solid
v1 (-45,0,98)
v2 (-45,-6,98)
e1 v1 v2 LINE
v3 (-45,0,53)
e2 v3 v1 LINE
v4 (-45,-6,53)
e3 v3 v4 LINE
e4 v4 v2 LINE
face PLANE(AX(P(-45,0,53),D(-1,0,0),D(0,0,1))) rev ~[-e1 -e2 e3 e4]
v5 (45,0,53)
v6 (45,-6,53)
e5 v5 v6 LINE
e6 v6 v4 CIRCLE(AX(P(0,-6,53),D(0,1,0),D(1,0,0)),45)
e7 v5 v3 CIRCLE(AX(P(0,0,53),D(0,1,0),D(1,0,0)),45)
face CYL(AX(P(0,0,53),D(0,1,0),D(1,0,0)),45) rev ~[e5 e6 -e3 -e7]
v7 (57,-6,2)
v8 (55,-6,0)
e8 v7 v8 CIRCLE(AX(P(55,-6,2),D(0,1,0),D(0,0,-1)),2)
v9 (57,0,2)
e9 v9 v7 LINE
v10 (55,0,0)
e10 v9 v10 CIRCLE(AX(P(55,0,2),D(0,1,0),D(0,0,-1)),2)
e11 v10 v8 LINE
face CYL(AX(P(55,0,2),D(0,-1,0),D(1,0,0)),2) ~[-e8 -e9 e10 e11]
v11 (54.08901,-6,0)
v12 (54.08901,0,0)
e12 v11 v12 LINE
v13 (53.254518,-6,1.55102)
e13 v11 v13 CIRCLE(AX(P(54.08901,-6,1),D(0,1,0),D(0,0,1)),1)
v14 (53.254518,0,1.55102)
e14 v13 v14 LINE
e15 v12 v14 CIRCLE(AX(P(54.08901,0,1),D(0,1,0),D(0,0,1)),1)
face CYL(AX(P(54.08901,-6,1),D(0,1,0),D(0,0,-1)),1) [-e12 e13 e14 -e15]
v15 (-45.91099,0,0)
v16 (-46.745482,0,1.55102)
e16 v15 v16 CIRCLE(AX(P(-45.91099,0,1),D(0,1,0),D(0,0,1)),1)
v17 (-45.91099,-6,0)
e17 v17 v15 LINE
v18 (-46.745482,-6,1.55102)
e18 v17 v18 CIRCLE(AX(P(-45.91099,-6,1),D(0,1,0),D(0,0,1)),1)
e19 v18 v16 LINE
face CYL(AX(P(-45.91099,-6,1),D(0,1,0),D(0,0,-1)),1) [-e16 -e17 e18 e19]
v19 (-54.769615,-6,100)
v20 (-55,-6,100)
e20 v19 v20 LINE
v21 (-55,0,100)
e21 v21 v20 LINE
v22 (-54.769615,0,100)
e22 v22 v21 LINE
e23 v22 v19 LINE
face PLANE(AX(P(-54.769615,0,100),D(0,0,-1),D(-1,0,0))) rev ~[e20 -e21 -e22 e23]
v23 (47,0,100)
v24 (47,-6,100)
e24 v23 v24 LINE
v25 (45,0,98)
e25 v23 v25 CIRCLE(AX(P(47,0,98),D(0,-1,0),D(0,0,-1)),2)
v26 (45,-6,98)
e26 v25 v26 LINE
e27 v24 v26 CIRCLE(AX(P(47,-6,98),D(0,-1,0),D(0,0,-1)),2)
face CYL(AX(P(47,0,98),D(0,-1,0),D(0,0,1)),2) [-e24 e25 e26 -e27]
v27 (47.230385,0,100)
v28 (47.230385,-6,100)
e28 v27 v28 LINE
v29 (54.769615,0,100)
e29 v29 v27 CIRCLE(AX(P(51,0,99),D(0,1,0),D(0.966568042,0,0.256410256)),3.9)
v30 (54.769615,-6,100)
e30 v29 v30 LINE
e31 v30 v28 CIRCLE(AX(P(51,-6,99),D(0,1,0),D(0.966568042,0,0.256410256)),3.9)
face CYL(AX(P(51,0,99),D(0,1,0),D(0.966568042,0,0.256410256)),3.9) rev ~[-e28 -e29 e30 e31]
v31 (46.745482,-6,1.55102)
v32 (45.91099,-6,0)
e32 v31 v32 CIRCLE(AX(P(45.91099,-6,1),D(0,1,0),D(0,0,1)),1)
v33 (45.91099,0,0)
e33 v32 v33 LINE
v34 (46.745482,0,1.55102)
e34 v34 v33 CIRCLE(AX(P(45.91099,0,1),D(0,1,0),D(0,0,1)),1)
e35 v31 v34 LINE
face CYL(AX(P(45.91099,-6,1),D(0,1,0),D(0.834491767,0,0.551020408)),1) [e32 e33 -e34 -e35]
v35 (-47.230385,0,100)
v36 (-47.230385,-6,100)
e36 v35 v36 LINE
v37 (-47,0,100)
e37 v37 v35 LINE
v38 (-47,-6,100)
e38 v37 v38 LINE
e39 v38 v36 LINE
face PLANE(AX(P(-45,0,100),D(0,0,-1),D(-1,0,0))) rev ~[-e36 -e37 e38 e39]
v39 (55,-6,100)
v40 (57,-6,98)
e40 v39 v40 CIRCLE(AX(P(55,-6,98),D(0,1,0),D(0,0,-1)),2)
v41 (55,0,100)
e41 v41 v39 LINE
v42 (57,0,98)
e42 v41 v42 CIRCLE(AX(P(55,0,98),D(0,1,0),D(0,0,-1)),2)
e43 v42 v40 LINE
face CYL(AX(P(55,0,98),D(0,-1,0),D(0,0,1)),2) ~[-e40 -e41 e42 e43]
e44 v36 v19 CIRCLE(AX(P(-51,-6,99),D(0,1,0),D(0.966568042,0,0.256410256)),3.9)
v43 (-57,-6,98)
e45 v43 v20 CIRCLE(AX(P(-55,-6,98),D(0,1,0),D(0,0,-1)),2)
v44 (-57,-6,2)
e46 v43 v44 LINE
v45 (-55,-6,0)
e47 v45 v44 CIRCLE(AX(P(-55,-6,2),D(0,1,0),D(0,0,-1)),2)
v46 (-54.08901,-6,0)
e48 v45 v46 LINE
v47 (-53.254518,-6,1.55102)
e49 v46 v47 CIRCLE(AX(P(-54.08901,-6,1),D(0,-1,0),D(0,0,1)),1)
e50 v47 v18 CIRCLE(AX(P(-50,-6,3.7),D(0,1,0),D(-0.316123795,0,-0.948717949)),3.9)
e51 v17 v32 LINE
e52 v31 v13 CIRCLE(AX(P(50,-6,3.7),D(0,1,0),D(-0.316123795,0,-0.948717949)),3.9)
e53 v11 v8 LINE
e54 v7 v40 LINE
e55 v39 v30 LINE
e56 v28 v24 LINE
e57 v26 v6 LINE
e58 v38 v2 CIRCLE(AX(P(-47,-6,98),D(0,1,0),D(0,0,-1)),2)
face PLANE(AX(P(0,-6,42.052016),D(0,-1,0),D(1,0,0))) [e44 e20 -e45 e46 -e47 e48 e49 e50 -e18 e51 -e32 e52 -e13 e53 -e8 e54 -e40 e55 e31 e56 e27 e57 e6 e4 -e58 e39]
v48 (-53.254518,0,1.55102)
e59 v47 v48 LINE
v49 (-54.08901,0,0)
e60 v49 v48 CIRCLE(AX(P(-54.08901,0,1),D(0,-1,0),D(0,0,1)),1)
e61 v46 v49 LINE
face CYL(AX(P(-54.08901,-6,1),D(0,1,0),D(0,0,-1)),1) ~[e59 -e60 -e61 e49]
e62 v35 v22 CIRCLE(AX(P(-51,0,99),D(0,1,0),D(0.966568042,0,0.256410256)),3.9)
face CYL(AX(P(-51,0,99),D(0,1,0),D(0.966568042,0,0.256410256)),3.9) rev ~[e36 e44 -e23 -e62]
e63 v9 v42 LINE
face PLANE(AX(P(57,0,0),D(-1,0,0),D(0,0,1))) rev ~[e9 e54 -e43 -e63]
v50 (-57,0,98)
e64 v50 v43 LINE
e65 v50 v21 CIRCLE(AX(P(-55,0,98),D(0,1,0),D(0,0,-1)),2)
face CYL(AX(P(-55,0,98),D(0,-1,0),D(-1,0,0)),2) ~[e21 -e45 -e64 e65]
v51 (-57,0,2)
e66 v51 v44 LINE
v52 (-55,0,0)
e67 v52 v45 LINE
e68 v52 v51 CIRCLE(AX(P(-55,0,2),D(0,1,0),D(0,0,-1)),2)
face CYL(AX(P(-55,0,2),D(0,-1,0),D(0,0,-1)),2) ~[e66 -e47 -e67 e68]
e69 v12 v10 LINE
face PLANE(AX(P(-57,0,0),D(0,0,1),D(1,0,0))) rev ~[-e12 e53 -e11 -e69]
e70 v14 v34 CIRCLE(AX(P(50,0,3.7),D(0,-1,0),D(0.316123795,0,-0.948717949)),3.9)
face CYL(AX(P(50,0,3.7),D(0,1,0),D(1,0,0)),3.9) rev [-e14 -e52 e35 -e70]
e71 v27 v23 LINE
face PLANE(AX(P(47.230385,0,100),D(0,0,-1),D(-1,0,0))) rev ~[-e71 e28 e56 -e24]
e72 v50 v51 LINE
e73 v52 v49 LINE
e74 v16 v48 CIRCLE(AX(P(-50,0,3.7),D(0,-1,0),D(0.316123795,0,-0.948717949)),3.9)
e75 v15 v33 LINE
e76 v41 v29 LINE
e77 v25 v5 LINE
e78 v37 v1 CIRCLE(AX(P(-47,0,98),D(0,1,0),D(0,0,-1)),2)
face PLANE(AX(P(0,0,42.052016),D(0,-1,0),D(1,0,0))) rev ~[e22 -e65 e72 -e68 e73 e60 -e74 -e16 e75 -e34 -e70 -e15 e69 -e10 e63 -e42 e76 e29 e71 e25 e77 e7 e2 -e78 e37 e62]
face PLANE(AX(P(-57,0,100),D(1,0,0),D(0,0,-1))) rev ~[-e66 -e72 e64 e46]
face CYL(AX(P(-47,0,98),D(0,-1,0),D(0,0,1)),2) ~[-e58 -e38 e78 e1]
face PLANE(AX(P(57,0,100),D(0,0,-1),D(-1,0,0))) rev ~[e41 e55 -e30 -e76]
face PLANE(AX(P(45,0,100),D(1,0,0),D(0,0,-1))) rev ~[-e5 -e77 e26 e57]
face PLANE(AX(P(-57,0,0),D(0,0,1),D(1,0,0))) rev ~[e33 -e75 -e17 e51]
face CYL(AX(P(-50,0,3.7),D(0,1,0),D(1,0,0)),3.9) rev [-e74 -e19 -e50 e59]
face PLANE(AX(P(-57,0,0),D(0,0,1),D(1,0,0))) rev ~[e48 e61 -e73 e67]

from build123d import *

# Parameters (mm, degrees)
F1_DEPTH = 6
F2_R     = 3.9
F3_DEPTH = 6.001
F4_R     = 2
F5_R     = 1


with BuildPart() as f1:
    # F0 (on Front) → F1 (new body)
    with BuildSketch(Plane.XZ):
        with BuildLine():
            ThreePointArc((45, 53), (0, 8), (-45, 53))
            Line((-45, 53), (-45, 100))
            Line((-45, 100), (-47.230384635, 100))
            ThreePointArc((-47.230384635, 100), (-51, 95.1), (-54.769615365, 100))
            Line((-54.769615365, 100), (-57, 100))
            Line((-57, 100), (-57, 0))
            Line((-57, 0), (57, 0))
            Line((57, 0), (57, 100))
            Line((57, 100), (54.769615365, 100))
            ThreePointArc((54.769615365, 100), (51, 95.1), (47.230384635, 100))
            Line((47.230384635, 100), (45, 100))
            Line((45, 100), (45, 53))
        make_face()
    extrude(amount=F1_DEPTH)

    # F2 (on Front) → F3 (cut, through all)
    with BuildSketch(Plane.XZ):
        with Locations((-50, 3.7)):
            Circle(F2_R)
        with Locations((50, 3.7)):
            Circle(F2_R)
    extrude(amount=F3_DEPTH, mode=Mode.SUBTRACT)

    # F4
    f4_edges = [f1.edges().sort_by_distance(p)[0] for p in [
        (-45, -3, 100),
        (45, -3, 100),
        (-57, -3, 100),
        (57, -3, 100),
        (57, -3, 0),
        (-57, -3, 0),
    ]]
    fillet(f4_edges, radius=F4_R)

    # F5
    f5_edges = [f1.edges().sort_by_distance(p)[0] for p in [
        (-48.767117, -3, 0),
        (-51.232883, -3, 0),
        (51.232883, -3, 0),
        (48.767117, -3, 0),
    ]]
    fillet(f5_edges, radius=F5_R)


solid = f1.part
